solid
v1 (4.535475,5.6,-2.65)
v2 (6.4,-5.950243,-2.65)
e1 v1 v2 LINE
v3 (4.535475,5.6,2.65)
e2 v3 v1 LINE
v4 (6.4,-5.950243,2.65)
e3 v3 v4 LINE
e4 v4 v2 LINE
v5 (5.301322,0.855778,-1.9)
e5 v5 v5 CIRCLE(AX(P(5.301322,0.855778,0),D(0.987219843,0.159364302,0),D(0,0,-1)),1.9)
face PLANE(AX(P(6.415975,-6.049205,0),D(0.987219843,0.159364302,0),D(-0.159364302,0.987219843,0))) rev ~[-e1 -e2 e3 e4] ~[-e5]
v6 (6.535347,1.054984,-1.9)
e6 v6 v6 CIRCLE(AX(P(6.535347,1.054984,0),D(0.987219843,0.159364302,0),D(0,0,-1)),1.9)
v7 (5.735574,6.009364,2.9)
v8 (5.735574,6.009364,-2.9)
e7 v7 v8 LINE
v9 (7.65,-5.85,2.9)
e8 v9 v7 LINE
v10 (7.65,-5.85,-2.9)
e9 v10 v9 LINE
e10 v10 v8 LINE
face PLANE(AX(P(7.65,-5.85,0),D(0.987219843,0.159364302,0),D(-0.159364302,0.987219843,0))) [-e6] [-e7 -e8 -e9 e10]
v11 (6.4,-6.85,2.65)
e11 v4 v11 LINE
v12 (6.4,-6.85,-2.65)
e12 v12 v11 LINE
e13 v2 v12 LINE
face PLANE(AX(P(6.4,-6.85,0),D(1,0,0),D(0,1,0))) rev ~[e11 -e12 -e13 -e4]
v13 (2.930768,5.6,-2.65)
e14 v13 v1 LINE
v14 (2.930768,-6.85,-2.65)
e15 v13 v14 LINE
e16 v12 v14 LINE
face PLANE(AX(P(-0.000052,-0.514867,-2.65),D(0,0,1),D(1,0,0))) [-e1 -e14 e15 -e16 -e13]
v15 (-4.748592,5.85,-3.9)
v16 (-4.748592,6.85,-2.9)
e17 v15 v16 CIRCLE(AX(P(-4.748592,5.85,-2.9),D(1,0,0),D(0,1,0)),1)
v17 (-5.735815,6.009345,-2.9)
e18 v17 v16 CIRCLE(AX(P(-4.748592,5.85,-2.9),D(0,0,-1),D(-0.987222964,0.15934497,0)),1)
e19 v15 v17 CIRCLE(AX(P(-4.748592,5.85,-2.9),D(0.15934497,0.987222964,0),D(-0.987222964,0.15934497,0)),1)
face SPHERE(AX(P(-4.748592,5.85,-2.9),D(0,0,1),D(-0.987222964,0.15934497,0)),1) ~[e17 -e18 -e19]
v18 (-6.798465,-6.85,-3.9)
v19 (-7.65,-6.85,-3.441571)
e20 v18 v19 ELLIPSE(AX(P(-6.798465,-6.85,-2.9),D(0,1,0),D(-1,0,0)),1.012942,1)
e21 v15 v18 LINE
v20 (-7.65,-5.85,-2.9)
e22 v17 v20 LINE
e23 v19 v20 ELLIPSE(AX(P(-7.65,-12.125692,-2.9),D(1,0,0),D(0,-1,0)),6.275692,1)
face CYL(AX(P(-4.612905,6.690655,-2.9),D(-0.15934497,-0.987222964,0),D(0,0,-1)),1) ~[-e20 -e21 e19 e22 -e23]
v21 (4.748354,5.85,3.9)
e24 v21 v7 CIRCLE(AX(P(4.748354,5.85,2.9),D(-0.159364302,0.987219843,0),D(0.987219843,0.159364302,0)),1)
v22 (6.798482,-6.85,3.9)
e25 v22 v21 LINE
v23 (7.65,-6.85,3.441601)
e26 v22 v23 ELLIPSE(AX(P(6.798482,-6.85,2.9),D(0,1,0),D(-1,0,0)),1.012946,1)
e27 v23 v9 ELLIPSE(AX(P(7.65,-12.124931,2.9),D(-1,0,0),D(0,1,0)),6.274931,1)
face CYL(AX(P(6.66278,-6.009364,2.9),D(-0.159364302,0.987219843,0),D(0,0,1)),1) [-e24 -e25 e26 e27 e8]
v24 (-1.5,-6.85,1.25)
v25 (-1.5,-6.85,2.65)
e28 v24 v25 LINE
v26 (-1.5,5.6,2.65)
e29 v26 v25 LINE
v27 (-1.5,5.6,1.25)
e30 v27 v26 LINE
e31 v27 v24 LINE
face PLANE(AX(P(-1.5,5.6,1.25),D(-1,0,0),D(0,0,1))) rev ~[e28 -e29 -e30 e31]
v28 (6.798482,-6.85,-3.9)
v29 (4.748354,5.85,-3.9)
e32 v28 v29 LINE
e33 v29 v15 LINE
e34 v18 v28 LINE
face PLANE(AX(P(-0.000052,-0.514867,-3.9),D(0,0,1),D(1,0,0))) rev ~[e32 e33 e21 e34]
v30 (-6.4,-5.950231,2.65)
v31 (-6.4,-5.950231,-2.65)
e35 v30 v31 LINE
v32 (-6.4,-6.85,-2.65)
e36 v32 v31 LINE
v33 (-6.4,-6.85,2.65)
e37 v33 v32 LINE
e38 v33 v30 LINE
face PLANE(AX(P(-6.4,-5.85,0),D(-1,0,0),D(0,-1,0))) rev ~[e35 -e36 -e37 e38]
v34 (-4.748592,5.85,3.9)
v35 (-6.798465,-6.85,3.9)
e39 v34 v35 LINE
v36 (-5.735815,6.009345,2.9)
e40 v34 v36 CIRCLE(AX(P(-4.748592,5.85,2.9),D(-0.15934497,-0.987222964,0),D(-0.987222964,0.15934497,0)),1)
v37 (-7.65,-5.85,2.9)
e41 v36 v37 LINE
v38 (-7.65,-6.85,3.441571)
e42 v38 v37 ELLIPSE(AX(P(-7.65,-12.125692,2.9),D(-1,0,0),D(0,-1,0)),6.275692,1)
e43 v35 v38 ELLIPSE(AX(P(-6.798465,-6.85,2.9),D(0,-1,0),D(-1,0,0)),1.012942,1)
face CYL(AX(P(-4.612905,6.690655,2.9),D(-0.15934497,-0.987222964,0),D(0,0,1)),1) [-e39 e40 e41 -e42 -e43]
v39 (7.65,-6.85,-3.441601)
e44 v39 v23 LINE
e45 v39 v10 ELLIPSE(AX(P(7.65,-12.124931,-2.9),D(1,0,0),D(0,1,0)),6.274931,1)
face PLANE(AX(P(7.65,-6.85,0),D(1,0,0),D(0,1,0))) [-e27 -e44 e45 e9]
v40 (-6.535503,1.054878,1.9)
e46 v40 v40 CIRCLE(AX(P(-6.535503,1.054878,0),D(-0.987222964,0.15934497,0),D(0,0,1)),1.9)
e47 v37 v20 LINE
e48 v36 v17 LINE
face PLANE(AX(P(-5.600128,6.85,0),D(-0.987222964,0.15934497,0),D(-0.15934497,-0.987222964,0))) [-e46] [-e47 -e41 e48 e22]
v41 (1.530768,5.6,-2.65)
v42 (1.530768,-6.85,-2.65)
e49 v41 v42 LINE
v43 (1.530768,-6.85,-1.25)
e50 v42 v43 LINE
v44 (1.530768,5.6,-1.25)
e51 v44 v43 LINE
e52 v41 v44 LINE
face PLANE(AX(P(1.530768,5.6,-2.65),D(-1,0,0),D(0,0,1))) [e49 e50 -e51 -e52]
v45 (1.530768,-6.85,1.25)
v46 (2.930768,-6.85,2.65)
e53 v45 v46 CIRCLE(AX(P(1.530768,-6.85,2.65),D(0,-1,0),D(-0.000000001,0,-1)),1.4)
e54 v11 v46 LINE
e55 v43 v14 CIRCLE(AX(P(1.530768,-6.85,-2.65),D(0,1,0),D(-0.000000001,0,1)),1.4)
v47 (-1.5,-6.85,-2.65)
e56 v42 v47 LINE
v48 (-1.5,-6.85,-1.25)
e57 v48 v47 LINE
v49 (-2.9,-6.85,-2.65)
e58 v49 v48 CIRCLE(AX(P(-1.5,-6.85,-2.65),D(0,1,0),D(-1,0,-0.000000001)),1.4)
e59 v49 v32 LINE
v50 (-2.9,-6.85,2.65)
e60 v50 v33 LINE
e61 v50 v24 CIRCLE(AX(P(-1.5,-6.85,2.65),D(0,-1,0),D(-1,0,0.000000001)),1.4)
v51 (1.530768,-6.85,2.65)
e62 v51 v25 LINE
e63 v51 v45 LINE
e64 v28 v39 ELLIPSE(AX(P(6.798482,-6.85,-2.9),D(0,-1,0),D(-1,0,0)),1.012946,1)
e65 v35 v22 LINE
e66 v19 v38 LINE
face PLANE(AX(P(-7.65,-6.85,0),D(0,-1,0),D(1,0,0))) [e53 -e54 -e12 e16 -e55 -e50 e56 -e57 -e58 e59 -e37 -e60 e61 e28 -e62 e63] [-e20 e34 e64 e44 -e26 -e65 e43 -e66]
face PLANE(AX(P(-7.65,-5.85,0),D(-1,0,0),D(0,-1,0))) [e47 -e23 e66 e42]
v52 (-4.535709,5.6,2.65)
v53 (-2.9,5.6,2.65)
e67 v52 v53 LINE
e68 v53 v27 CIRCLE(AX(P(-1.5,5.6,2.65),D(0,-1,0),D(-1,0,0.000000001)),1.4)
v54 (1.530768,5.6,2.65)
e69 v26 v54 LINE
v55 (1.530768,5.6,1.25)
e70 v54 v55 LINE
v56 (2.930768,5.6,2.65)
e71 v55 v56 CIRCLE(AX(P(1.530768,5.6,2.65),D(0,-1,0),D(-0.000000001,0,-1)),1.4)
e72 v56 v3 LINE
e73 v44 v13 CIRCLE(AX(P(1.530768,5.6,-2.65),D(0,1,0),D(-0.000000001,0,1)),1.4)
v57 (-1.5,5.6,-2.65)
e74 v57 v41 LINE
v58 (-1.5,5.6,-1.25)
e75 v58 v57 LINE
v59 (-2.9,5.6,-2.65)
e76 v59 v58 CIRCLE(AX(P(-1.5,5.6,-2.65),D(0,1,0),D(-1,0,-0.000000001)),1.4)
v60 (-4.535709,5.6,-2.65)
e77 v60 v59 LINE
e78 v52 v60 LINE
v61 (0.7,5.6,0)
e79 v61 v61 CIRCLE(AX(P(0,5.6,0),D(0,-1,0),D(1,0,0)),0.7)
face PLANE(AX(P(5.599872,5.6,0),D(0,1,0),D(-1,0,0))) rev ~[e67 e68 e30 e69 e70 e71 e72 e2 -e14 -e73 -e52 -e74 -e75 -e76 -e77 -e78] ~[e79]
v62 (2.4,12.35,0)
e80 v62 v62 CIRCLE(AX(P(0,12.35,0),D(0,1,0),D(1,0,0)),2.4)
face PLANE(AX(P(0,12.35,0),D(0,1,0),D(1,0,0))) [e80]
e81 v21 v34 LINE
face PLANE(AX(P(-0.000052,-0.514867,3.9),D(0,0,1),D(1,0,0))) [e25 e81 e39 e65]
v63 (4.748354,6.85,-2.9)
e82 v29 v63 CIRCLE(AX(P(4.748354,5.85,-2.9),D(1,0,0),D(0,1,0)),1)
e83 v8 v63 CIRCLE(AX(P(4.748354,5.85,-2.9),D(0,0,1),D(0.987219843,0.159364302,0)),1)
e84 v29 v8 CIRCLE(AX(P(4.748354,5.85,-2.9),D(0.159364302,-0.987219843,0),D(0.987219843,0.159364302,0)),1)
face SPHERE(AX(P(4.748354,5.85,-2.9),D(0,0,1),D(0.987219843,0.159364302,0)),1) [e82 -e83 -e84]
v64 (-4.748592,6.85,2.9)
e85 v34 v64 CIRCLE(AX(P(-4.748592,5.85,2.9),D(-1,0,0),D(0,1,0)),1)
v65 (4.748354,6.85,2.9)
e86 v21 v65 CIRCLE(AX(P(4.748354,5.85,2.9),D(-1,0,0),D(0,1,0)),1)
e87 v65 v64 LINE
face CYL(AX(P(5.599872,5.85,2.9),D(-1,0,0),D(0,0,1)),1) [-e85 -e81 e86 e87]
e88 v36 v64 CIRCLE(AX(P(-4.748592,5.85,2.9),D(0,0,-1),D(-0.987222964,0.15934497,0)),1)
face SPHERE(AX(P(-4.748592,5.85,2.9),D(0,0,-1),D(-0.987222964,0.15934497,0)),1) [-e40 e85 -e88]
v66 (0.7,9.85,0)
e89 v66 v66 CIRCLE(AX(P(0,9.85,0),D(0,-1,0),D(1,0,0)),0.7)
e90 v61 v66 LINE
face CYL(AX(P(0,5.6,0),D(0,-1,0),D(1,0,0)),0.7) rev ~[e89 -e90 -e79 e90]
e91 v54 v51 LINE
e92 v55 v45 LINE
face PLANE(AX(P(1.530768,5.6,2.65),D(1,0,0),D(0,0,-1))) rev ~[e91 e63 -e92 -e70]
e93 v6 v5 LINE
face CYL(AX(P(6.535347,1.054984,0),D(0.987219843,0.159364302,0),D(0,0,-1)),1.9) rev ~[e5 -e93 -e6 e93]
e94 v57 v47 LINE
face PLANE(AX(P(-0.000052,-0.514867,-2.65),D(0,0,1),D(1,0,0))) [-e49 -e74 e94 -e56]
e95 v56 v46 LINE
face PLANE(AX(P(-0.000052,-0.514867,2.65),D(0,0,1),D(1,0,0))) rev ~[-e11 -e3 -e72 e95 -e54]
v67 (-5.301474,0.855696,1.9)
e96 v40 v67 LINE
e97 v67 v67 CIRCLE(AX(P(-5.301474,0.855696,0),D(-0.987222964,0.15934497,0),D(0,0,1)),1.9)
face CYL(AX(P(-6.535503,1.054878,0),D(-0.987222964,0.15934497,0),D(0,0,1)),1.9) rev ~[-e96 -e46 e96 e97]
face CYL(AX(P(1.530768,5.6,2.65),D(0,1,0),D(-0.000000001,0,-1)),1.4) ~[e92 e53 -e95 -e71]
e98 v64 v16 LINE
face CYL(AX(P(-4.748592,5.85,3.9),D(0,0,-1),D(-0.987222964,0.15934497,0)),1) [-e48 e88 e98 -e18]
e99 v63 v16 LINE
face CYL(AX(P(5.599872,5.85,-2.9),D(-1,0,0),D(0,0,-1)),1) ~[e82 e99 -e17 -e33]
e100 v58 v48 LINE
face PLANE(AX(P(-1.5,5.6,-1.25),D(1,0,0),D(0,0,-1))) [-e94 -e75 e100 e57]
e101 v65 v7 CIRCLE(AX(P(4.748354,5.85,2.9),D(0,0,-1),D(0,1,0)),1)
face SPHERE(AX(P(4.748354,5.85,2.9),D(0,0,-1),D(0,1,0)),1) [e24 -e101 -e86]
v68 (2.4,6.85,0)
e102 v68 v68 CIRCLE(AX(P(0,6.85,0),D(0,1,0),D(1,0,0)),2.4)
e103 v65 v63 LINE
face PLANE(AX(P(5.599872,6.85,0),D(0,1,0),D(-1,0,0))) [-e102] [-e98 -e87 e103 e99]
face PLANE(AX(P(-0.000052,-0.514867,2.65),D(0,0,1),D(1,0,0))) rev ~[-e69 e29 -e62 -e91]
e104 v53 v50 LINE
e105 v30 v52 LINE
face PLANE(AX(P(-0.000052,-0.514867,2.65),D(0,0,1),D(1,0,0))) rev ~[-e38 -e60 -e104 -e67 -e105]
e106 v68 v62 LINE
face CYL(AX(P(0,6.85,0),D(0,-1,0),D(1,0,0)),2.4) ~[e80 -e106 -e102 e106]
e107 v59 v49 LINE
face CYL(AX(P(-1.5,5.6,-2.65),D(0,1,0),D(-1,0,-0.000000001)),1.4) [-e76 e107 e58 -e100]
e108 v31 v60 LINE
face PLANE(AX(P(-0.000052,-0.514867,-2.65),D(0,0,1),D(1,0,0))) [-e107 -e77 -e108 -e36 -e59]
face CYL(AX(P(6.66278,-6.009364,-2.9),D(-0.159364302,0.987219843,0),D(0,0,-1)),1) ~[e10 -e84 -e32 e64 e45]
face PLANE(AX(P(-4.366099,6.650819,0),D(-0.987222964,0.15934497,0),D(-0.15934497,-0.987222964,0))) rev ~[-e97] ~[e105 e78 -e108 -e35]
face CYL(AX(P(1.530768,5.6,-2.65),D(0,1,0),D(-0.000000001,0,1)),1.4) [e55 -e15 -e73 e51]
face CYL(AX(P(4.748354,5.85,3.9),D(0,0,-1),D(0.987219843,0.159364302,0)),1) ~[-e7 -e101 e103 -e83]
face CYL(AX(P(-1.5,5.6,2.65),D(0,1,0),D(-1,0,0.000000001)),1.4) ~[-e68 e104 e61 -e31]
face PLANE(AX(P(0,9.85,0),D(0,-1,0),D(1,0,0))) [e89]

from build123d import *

# Parameters (mm, degrees)
BOSS_EXTRUDE1_DEPTH = 3.9
SHELL5_T            = -1.25
SKETCH2_R           = 2.4
BOSS_EXTRUDE2_DEPTH = 5.5
BOSS_EXTRUDE3_DEPTH = 12.45
SKETCH6_R           = 0.7
CUT_EXTRUDE2_DEPTH  = 4.25
CUT_EXTRUDE3_REACH  = 17.264
SKETCH7_R           = 1.9
CUT_EXTRUDE4_REACH  = 17.264
SKETCH8_R           = 1.9
FILLET1_R           = 1


with BuildPart() as part:
    # Sketch1 → Boss-Extrude1 (new body, symmetric)
    with BuildSketch(Plane.XY):
        Polygon((-7.65, -5.85), (-7.65, -6.85), (7.65, -6.85), (7.65, -5.85), (5.599872407, 6.85), (-5.600127593, 6.85), align=None)
    extrude(amount=BOSS_EXTRUDE1_DEPTH, both=True)

    # Shell5
    shell5_openings = [part.faces().sort_by_distance(p)[0] for p in [
        (0, -6.85, 0),
    ]]
    offset(amount=SHELL5_T, openings=shell5_openings, kind=Kind.INTERSECTION)

    # Sketch2 → Boss-Extrude2 (add)
    with BuildSketch(Plane(origin=(0, 6.85, 0), x_dir=(1, 0, 0), z_dir=(0, 1, 0))):
        Circle(SKETCH2_R)
    extrude(amount=BOSS_EXTRUDE2_DEPTH)

    # Sketch5 → Boss-Extrude3 (add, through all)
    with BuildSketch(Plane.XZ.offset(-5.6)):
        with BuildLine():
            Line((-1.5, 1.25), (-1.5, 2.65))
            Line((-1.5, 2.65), (-2.9, 2.65))
            ThreePointArc((-2.9, 2.65), (-2.489949494, 1.660050506), (-1.5, 1.25))
        make_face()
        with BuildLine():
            Line((1.530768156, 2.65), (1.530768156, 1.25))
            ThreePointArc((1.530768156, 1.25), (2.52071765, 1.660050506), (2.930768156, 2.65))
            Line((2.930768156, 2.65), (1.530768156, 2.65))
        make_face()
        with BuildLine():
            Line((-1.5, -1.25), (-1.5, -2.65))
            Line((-1.5, -2.65), (-2.9, -2.65))
            ThreePointArc((-2.9, -2.65), (-2.489949494, -1.660050506), (-1.5, -1.25))
        make_face()
        with BuildLine():
            Line((1.530768156, -2.65), (1.530768156, -1.25))
            ThreePointArc((1.530768156, -1.25), (2.52071765, -1.660050506), (2.930768156, -2.65))
            Line((2.930768156, -2.65), (1.530768156, -2.65))
        make_face()
    extrude(amount=BOSS_EXTRUDE3_DEPTH)

    # Sketch6 → Cut-Extrude2 (cut)
    with BuildSketch(Plane.XZ.offset(-5.6)):
        Circle(SKETCH6_R)
    extrude(amount=-CUT_EXTRUDE2_DEPTH, mode=Mode.SUBTRACT)

    # Sketch7 → Cut-Extrude3 (cut, up to next)
    with BuildSketch(Plane(origin=(6.535346626, 1.054983815, 0), x_dir=(0, 0, -1), z_dir=(0.987219843, 0.159364302, 0)), mode=Mode.PRIVATE) as cut_extrude3_sk1:
        Circle(SKETCH7_R)
    cut_extrude3_tool1 = extrude(cut_extrude3_sk1.sketch, amount=-CUT_EXTRUDE3_REACH, mode=Mode.PRIVATE) & part.part
    add(cut_extrude3_tool1.solids().sort_by_distance((6.535347, 1.054984, 0))[0], mode=Mode.SUBTRACT)

    # Sketch8 → Cut-Extrude4 (cut, up to next)
    with BuildSketch(Plane(origin=(-6.535502505, 1.054877658, 0), x_dir=(0, 0, 1), z_dir=(-0.987222964, 0.15934497, 0)), mode=Mode.PRIVATE) as cut_extrude4_sk1:
        Circle(SKETCH8_R)
    cut_extrude4_tool1 = extrude(cut_extrude4_sk1.sketch, amount=-CUT_EXTRUDE4_REACH, mode=Mode.PRIVATE) & part.part
    add(cut_extrude4_tool1.solids().sort_by_distance((-6.535503, 1.054878, 0))[0], mode=Mode.SUBTRACT)

    # Fillet1
    fillet1_edges = [part.edges().sort_by_distance(p)[0] for p in [
        (-6.625063797, 0.5, -3.9),
        (6.624936203, 0.5, -3.9),
        (-0.000127593, 6.85, -3.9),
        (-5.600127593, 6.85, 0),
        (-6.625063797, 0.5, 3.9),
        (-0.000127593, 6.85, 3.9),
        (6.624936203, 0.5, 3.9),
        (5.599872407, 6.85, 0),
    ]]
    fillet(fillet1_edges, radius=FILLET1_R)


solid = part.part
